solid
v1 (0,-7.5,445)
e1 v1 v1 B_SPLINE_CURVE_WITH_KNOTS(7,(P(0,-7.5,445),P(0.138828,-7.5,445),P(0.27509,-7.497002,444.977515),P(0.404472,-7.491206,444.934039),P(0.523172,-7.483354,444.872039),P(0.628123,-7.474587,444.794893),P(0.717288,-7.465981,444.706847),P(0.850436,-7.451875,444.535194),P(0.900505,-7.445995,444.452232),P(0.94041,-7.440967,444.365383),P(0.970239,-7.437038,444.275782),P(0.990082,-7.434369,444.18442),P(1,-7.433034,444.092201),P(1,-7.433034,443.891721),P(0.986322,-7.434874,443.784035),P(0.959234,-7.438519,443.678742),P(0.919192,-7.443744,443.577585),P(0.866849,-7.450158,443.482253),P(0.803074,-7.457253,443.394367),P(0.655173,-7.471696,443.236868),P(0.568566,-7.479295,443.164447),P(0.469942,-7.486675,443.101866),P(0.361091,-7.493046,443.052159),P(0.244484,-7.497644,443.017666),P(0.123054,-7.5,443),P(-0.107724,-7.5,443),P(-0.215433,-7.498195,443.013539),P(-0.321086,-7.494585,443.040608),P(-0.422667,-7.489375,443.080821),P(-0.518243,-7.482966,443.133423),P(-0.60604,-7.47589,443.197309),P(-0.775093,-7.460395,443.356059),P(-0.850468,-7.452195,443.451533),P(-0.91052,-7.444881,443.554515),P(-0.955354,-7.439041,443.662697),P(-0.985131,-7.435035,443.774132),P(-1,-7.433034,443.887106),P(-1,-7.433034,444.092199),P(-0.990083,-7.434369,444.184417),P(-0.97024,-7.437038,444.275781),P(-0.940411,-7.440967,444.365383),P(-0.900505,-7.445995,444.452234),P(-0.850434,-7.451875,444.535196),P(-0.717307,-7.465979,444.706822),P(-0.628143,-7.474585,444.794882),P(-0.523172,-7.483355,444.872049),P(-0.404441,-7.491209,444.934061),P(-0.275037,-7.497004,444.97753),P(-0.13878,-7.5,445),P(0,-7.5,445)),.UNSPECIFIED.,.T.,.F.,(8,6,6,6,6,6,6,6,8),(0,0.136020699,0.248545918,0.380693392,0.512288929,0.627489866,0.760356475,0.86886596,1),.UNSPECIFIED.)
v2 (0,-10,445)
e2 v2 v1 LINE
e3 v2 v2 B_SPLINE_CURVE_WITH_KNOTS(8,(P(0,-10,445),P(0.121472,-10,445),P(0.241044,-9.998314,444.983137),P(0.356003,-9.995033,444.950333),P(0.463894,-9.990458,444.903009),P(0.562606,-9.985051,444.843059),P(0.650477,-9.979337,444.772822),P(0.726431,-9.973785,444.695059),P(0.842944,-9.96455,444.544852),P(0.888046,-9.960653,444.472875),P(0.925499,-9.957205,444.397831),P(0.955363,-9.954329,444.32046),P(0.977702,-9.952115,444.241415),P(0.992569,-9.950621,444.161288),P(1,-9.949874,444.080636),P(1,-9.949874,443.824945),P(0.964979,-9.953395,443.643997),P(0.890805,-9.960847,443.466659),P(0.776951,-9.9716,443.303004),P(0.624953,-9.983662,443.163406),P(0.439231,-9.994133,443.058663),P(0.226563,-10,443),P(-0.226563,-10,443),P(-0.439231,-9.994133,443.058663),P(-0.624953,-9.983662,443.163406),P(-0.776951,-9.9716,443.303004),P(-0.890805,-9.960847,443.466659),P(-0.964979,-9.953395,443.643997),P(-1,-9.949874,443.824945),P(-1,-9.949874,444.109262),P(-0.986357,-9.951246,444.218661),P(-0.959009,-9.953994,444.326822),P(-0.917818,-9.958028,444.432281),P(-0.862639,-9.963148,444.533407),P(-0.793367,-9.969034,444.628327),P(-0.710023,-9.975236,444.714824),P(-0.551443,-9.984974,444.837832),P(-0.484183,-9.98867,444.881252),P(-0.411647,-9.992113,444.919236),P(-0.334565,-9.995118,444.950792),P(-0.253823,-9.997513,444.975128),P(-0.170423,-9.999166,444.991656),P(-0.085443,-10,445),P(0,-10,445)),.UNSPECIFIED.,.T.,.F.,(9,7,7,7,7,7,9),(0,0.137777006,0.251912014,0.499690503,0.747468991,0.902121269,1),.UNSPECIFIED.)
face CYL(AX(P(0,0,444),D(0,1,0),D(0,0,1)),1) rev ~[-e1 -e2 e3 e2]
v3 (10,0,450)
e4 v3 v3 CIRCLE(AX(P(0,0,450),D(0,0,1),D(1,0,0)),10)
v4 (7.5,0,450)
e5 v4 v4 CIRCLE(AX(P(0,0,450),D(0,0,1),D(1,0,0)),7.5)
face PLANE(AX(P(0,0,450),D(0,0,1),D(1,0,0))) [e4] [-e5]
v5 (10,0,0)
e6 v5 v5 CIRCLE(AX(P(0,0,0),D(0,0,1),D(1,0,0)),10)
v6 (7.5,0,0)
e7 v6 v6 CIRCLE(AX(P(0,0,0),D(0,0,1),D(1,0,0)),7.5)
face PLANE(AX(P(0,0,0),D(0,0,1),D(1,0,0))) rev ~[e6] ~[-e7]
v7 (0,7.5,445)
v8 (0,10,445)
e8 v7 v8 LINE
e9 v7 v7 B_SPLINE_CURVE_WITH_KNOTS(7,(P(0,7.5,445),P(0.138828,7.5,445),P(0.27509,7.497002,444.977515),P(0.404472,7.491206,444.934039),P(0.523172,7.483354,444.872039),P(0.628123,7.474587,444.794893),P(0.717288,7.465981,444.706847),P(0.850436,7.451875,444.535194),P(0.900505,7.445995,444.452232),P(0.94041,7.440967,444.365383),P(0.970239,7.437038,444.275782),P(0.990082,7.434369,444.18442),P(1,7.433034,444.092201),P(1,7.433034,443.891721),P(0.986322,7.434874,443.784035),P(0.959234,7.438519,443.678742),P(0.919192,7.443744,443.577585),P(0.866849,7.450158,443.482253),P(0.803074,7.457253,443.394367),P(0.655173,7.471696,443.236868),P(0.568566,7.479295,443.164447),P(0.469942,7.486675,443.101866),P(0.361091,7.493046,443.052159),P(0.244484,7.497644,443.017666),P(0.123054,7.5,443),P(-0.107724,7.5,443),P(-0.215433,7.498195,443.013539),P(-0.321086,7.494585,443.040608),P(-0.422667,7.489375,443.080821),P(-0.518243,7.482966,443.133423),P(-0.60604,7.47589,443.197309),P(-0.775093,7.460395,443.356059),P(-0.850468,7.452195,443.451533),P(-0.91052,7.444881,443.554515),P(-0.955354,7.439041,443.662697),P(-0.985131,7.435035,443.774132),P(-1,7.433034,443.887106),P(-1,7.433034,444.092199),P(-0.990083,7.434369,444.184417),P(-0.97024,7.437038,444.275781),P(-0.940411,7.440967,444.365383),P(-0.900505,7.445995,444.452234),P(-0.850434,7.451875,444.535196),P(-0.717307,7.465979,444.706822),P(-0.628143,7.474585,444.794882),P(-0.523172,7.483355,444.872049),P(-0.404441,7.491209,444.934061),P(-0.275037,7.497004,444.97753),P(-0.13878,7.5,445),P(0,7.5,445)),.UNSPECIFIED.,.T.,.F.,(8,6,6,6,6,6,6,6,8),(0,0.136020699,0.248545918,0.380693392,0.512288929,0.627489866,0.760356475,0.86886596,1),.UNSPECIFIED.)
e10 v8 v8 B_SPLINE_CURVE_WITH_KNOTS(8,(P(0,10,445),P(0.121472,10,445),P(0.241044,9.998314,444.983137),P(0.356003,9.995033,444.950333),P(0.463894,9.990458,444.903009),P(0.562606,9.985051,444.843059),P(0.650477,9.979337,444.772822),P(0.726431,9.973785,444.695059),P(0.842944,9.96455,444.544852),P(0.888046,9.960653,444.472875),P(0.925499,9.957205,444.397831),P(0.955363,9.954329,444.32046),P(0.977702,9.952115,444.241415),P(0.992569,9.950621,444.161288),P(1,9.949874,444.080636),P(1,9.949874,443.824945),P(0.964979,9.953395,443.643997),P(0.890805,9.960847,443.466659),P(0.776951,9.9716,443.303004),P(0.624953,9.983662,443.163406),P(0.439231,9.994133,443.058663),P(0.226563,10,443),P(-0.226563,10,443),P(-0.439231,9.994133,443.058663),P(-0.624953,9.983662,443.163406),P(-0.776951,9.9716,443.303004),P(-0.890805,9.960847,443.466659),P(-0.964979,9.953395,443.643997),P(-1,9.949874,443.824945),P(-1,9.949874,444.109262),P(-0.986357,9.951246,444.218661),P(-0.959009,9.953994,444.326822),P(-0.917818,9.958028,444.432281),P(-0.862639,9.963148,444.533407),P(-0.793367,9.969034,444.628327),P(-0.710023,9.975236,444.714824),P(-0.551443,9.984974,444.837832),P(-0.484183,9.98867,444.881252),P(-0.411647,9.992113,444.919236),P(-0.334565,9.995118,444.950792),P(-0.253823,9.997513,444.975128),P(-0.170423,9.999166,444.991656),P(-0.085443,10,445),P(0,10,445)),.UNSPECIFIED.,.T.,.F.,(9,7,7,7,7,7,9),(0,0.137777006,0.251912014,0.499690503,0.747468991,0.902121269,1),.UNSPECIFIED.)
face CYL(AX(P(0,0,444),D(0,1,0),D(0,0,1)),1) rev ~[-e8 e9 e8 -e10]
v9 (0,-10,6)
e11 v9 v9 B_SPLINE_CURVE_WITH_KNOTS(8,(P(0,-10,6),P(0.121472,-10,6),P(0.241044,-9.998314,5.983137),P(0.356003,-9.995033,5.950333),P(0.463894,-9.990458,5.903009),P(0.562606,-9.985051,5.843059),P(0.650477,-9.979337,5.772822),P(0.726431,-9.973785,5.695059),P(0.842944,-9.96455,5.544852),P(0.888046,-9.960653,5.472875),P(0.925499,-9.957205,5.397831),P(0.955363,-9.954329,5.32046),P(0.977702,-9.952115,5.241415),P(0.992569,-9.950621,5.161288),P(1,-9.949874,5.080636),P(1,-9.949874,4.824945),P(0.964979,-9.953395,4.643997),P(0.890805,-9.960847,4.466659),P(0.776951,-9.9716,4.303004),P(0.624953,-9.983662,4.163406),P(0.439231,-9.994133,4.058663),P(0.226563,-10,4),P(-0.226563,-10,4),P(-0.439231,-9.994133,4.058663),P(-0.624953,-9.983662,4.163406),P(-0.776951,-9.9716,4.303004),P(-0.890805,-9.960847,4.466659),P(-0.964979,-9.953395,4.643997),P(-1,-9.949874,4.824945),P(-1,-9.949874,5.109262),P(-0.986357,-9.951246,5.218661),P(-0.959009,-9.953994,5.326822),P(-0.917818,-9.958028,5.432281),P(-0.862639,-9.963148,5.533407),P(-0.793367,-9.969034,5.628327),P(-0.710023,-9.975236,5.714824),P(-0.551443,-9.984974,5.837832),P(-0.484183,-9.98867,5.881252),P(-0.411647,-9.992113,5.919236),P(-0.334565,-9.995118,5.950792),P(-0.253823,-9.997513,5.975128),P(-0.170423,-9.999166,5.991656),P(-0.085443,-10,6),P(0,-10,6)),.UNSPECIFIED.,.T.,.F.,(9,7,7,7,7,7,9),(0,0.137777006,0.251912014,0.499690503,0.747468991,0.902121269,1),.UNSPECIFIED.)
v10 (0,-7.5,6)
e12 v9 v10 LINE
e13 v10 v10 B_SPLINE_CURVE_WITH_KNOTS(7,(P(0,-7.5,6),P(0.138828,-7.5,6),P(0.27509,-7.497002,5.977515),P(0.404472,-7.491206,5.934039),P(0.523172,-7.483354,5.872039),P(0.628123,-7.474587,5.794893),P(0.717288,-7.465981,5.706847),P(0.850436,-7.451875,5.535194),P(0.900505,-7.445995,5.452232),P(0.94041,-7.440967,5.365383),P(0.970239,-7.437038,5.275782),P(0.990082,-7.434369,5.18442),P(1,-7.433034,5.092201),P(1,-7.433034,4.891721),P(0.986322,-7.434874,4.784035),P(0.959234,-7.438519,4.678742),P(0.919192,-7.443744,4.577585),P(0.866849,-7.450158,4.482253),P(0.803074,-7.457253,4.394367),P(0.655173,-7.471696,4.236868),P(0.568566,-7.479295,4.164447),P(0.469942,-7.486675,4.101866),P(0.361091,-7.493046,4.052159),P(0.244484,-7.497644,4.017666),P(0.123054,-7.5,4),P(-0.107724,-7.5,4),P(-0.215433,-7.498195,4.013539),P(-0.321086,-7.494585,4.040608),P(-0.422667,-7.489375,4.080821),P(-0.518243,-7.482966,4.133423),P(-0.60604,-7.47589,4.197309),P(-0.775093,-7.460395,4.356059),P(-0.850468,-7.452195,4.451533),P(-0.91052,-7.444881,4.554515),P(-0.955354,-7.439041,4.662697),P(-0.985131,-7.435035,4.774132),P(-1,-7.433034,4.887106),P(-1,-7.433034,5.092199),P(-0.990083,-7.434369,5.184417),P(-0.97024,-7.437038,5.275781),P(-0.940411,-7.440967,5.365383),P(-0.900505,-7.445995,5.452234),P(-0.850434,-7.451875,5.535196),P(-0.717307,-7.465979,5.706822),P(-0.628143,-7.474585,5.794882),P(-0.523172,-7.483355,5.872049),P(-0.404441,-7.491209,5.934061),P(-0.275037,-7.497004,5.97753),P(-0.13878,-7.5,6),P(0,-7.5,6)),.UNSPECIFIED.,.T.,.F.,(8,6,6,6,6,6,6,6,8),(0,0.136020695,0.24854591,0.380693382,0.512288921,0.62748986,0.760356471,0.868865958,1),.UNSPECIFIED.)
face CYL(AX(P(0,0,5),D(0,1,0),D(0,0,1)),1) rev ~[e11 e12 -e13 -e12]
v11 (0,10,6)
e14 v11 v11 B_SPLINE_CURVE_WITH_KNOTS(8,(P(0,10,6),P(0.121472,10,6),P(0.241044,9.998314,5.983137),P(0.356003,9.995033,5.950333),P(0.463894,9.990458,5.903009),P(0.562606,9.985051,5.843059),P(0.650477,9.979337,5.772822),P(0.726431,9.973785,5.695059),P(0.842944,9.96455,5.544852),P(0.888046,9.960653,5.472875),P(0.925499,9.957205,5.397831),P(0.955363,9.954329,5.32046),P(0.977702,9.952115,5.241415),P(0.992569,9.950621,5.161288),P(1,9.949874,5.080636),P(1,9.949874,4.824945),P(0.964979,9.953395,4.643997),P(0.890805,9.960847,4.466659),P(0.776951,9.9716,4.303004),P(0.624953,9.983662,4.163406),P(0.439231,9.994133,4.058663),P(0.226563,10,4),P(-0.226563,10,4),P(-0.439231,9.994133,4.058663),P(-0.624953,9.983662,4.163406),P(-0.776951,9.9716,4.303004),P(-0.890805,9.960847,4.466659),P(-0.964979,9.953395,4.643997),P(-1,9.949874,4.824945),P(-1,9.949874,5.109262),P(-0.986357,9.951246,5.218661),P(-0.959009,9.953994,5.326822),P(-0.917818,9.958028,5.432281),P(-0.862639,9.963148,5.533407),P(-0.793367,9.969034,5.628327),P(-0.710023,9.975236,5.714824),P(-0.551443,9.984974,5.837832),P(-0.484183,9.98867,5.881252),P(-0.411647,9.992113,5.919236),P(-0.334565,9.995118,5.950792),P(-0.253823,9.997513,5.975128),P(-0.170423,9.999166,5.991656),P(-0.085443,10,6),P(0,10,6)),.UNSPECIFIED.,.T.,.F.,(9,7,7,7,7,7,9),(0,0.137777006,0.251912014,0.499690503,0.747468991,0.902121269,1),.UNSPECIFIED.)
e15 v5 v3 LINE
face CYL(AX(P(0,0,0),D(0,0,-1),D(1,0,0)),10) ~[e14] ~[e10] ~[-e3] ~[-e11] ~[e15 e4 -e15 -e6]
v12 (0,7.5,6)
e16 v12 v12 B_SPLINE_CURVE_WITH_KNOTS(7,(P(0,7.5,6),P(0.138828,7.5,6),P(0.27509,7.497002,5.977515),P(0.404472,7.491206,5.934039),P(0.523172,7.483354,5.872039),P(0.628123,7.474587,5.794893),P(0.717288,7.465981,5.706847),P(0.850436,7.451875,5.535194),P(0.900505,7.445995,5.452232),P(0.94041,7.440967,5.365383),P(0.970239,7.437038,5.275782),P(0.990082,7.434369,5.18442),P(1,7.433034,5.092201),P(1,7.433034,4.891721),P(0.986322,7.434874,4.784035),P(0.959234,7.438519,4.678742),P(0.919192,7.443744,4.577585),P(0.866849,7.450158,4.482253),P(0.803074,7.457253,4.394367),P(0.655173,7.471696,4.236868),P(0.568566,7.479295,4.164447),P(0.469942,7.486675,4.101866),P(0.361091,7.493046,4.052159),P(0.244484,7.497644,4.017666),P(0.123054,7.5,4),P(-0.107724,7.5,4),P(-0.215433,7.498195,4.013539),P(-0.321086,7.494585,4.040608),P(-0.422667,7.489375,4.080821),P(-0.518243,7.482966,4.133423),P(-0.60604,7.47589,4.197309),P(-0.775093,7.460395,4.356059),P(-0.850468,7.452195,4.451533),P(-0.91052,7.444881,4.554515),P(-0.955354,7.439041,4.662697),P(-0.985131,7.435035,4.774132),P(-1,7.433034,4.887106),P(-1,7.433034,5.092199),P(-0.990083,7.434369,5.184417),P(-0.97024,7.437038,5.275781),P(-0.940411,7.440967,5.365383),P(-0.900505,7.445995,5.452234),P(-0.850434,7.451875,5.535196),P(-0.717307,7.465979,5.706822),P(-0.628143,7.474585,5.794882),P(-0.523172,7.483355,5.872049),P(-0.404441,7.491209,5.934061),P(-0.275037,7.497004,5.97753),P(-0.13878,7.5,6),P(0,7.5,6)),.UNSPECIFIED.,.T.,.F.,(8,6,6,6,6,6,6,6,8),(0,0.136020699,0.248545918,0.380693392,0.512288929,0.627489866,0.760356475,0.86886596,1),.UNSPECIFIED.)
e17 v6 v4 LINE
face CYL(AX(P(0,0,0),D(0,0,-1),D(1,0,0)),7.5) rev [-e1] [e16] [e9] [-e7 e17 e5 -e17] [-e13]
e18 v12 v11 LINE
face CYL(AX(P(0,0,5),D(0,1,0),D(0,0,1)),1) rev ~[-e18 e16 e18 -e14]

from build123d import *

# Parameters (mm, degrees)
SKETCH_1_R          = 10
SKETCH_1_R_2        = 7.5
EXTRUDE_1_DEPTH     = 450
SKETCH_2_R          = 1
CUT_EXTRUDE_2_DEPTH = 20
SKETCH_3_R          = 1
CUT_EXTRUDE_3_DEPTH = 20


with BuildPart() as part:
    # Эскиз1 → Вытянуть1 (new body)
    with BuildSketch(Plane.XY):
        Circle(SKETCH_1_R)
        Circle(SKETCH_1_R_2, mode=Mode.SUBTRACT)
    extrude(amount=EXTRUDE_1_DEPTH)

    # Эскиз2 → Вытянуть2 (cut, symmetric)
    with BuildSketch(Plane(origin=(0, 0, 0), x_dir=(1, 0, 0), z_dir=(0, 1, 0))):
        with Locations(Location((0, -5, 0), (0, 0, 270))):
            Circle(SKETCH_2_R)
    extrude(amount=CUT_EXTRUDE_2_DEPTH, both=True, mode=Mode.SUBTRACT)

    # Эскиз3 → Вытянуть3 (cut, symmetric)
    with BuildSketch(Plane(origin=(0, 0, 0), x_dir=(1, 0, 0), z_dir=(0, 1, 0))):
        with Locations(Location((0, -444, 0), (0, 0, 270))):
            Circle(SKETCH_3_R)
    extrude(amount=CUT_EXTRUDE_3_DEPTH, both=True, mode=Mode.SUBTRACT)


solid = part.part
